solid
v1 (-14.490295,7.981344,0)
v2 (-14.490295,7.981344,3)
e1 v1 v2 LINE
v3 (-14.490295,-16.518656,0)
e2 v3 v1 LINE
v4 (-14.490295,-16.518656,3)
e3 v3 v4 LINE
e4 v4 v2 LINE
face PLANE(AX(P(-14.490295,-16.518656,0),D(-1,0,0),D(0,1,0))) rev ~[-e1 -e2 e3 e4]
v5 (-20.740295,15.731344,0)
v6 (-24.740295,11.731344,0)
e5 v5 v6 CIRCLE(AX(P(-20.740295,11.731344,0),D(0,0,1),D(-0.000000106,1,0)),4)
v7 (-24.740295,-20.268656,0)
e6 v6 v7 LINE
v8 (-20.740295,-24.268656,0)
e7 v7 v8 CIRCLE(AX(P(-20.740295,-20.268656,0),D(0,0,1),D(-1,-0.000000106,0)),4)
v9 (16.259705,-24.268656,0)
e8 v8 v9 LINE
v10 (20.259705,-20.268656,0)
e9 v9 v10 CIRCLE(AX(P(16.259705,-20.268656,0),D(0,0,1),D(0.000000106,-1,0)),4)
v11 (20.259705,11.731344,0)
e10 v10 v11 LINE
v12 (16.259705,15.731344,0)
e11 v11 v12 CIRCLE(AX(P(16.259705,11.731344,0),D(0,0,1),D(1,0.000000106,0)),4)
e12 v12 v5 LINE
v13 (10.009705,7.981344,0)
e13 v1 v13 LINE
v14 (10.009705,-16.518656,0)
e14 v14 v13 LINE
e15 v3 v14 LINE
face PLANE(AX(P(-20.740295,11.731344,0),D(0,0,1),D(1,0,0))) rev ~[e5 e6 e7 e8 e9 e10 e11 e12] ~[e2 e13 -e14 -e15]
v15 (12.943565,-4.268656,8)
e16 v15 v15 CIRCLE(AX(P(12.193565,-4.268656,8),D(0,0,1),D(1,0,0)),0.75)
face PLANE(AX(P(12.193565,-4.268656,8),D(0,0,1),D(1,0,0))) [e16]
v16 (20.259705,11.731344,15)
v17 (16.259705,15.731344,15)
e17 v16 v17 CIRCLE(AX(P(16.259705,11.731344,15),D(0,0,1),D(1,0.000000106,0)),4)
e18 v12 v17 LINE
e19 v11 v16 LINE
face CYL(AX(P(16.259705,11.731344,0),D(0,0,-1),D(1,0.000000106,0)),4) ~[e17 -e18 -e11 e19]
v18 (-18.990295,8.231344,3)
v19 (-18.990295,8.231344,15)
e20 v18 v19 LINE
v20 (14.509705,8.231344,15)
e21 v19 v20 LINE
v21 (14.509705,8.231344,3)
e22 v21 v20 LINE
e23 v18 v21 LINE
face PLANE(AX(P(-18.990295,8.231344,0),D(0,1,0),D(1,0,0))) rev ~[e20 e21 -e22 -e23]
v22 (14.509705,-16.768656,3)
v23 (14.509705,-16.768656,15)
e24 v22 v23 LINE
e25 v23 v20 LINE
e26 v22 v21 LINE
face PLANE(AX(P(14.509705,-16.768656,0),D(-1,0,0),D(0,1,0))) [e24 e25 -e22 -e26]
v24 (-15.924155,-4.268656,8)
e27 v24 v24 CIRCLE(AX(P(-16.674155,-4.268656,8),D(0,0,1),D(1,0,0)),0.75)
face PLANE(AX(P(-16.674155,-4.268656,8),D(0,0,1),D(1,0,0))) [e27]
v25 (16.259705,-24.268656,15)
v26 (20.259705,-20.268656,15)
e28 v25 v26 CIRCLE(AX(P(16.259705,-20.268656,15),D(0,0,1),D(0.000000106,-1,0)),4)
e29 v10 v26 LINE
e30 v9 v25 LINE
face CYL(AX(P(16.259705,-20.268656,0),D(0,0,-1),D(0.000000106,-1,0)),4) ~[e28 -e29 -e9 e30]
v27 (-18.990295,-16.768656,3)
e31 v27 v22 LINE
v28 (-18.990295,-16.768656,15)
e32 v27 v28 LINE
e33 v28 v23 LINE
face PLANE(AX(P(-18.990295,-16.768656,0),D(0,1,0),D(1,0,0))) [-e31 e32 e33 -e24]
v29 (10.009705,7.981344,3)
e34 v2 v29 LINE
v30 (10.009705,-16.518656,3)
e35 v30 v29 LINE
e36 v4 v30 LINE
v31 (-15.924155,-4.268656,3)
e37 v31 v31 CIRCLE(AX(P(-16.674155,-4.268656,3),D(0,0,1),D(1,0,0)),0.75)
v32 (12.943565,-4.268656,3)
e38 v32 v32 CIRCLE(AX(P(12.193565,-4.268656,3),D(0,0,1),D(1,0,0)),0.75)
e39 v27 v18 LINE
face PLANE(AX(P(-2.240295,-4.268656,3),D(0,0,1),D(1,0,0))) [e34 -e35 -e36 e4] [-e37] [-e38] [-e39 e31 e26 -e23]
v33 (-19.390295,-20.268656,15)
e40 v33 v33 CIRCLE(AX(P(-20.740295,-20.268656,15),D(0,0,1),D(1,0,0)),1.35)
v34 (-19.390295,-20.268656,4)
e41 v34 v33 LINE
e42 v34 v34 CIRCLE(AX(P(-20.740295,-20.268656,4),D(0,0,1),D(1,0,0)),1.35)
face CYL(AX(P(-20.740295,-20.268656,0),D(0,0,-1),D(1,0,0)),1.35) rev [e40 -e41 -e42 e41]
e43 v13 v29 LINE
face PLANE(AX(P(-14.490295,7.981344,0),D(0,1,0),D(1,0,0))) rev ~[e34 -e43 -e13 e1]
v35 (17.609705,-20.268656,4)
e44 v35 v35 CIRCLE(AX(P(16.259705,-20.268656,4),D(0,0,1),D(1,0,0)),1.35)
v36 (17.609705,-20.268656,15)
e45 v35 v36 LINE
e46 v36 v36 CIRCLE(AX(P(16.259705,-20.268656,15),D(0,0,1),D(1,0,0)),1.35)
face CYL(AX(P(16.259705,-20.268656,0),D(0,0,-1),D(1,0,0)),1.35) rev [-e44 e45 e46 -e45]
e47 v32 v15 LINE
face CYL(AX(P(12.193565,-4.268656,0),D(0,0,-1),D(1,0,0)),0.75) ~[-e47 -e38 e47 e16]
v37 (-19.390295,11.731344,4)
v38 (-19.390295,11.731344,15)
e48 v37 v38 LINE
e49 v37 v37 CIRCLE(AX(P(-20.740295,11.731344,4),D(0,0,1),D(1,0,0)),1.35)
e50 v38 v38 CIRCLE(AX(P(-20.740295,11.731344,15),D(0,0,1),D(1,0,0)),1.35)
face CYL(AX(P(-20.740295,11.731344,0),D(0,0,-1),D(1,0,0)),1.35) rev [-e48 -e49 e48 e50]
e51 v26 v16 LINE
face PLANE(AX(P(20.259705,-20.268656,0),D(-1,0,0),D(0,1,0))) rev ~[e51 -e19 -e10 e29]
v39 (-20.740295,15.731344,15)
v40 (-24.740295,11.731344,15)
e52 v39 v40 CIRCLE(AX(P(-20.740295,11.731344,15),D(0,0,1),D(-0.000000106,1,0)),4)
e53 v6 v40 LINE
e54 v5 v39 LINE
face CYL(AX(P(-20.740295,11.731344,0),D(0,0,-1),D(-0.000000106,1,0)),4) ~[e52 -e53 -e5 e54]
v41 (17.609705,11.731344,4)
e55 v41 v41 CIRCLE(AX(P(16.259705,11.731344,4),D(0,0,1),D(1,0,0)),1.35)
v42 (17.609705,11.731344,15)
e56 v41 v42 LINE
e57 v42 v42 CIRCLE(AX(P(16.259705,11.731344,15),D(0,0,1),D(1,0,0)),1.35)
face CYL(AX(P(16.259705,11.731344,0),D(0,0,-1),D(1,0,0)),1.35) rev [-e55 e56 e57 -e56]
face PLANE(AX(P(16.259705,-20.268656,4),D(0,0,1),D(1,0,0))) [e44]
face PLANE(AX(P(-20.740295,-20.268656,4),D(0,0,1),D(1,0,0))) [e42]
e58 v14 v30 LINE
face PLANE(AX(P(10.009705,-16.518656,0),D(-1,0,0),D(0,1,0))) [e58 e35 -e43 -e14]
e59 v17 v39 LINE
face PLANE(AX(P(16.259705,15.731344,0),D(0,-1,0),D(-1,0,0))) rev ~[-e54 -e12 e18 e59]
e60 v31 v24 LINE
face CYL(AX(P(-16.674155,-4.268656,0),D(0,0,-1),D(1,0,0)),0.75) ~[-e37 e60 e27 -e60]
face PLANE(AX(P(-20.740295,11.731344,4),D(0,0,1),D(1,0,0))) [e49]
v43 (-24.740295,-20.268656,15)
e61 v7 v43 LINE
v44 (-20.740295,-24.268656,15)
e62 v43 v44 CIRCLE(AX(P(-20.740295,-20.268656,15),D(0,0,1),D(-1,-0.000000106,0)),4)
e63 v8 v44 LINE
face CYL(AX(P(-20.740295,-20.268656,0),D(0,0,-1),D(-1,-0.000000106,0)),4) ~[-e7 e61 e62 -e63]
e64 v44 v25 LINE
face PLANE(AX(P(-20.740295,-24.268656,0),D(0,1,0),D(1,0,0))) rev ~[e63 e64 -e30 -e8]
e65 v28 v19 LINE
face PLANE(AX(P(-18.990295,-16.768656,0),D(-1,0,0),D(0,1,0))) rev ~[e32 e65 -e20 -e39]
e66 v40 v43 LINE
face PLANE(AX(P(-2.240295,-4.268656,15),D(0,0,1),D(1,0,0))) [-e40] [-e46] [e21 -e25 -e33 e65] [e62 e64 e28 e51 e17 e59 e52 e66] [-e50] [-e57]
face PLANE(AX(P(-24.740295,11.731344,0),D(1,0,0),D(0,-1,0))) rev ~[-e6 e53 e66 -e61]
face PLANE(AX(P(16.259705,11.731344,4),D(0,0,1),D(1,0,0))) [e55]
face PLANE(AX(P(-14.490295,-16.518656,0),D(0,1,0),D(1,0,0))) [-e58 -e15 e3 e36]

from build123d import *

# Parameters (mm, degrees)
F0_R     = 1.35
F0_W     = 33.5
F0_H     = 25
F1_DEPTH = 15
F0_R_2   = 0.75
F0_W_2   = 24.5
F0_H_2   = 24.5
F2_DEPTH = 3
F3_DEPTH = 8
F4_DEPTH = 4


with BuildPart() as f1:
    # F0 (on Top) → F1 (new body)
    with BuildSketch(Plane.XY):
        with BuildLine():
            ThreePointArc((-20.740295, 15.731344), (-23.568722, 14.559771), (-24.740295, 11.731344))
            Line((-24.740295, 11.731344), (-24.740295, -20.268656))
            ThreePointArc((-24.740295, -20.268656), (-23.568722, -23.097083), (-20.740295, -24.268656))
            Line((-20.740295, -24.268656), (16.259705, -24.268656))
            ThreePointArc((16.259705, -24.268656), (19.088132, -23.097083), (20.259705, -20.268656))
            Line((20.259705, -20.268656), (20.259705, 11.731344))
            ThreePointArc((20.259705, 11.731344), (19.088132, 14.559771), (16.259705, 15.731344))
            Line((16.259705, 15.731344), (-20.740295, 15.731344))
        make_face()
        with Locations((-20.740295, -20.268656)):
            Circle(F0_R, mode=Mode.SUBTRACT)
        with Locations((16.259705, -20.268656)):
            Circle(F0_R, mode=Mode.SUBTRACT)
        with Locations((-20.740295, 11.731344)):
            Circle(F0_R, mode=Mode.SUBTRACT)
        with Locations((-2.240295, -4.268656)):
            Rectangle(F0_W, F0_H, mode=Mode.SUBTRACT)
        with Locations((16.259705, 11.731344)):
            Circle(F0_R, mode=Mode.SUBTRACT)
    extrude(amount=F1_DEPTH)

    # F0 (on Top) → F2 (join)
    with BuildSketch(Plane.XY):
        with Locations((-2.240295, -4.268656)):
            Rectangle(F0_W, F0_H)
        with Locations((-16.674155, -4.268656)):
            Circle(F0_R_2, mode=Mode.SUBTRACT)
        with Locations((-2.240295, -4.268656)):
            Rectangle(F0_W_2, F0_H_2, mode=Mode.SUBTRACT)
        with Locations((12.193565, -4.268656)):
            Circle(F0_R_2, mode=Mode.SUBTRACT)
    extrude(amount=F2_DEPTH)

    # F0 (on Top) → F3 (join)
    with BuildSketch(Plane.XY):
        with Locations((-16.674155, -4.268656)):
            Circle(F0_R_2)
        with Locations((12.193565, -4.268656)):
            Circle(F0_R_2)
    extrude(amount=F3_DEPTH)

    # F0 (on Top) → F4 (join)
    with BuildSketch(Plane.XY):
        with Locations((-20.740295, 11.731344)):
            Circle(F0_R)
        with Locations((16.259705, 11.731344)):
            Circle(F0_R)
        with Locations((16.259705, -20.268656)):
            Circle(F0_R)
        with Locations((-20.740295, -20.268656)):
            Circle(F0_R)
    extrude(amount=F4_DEPTH)


solid = f1.part
